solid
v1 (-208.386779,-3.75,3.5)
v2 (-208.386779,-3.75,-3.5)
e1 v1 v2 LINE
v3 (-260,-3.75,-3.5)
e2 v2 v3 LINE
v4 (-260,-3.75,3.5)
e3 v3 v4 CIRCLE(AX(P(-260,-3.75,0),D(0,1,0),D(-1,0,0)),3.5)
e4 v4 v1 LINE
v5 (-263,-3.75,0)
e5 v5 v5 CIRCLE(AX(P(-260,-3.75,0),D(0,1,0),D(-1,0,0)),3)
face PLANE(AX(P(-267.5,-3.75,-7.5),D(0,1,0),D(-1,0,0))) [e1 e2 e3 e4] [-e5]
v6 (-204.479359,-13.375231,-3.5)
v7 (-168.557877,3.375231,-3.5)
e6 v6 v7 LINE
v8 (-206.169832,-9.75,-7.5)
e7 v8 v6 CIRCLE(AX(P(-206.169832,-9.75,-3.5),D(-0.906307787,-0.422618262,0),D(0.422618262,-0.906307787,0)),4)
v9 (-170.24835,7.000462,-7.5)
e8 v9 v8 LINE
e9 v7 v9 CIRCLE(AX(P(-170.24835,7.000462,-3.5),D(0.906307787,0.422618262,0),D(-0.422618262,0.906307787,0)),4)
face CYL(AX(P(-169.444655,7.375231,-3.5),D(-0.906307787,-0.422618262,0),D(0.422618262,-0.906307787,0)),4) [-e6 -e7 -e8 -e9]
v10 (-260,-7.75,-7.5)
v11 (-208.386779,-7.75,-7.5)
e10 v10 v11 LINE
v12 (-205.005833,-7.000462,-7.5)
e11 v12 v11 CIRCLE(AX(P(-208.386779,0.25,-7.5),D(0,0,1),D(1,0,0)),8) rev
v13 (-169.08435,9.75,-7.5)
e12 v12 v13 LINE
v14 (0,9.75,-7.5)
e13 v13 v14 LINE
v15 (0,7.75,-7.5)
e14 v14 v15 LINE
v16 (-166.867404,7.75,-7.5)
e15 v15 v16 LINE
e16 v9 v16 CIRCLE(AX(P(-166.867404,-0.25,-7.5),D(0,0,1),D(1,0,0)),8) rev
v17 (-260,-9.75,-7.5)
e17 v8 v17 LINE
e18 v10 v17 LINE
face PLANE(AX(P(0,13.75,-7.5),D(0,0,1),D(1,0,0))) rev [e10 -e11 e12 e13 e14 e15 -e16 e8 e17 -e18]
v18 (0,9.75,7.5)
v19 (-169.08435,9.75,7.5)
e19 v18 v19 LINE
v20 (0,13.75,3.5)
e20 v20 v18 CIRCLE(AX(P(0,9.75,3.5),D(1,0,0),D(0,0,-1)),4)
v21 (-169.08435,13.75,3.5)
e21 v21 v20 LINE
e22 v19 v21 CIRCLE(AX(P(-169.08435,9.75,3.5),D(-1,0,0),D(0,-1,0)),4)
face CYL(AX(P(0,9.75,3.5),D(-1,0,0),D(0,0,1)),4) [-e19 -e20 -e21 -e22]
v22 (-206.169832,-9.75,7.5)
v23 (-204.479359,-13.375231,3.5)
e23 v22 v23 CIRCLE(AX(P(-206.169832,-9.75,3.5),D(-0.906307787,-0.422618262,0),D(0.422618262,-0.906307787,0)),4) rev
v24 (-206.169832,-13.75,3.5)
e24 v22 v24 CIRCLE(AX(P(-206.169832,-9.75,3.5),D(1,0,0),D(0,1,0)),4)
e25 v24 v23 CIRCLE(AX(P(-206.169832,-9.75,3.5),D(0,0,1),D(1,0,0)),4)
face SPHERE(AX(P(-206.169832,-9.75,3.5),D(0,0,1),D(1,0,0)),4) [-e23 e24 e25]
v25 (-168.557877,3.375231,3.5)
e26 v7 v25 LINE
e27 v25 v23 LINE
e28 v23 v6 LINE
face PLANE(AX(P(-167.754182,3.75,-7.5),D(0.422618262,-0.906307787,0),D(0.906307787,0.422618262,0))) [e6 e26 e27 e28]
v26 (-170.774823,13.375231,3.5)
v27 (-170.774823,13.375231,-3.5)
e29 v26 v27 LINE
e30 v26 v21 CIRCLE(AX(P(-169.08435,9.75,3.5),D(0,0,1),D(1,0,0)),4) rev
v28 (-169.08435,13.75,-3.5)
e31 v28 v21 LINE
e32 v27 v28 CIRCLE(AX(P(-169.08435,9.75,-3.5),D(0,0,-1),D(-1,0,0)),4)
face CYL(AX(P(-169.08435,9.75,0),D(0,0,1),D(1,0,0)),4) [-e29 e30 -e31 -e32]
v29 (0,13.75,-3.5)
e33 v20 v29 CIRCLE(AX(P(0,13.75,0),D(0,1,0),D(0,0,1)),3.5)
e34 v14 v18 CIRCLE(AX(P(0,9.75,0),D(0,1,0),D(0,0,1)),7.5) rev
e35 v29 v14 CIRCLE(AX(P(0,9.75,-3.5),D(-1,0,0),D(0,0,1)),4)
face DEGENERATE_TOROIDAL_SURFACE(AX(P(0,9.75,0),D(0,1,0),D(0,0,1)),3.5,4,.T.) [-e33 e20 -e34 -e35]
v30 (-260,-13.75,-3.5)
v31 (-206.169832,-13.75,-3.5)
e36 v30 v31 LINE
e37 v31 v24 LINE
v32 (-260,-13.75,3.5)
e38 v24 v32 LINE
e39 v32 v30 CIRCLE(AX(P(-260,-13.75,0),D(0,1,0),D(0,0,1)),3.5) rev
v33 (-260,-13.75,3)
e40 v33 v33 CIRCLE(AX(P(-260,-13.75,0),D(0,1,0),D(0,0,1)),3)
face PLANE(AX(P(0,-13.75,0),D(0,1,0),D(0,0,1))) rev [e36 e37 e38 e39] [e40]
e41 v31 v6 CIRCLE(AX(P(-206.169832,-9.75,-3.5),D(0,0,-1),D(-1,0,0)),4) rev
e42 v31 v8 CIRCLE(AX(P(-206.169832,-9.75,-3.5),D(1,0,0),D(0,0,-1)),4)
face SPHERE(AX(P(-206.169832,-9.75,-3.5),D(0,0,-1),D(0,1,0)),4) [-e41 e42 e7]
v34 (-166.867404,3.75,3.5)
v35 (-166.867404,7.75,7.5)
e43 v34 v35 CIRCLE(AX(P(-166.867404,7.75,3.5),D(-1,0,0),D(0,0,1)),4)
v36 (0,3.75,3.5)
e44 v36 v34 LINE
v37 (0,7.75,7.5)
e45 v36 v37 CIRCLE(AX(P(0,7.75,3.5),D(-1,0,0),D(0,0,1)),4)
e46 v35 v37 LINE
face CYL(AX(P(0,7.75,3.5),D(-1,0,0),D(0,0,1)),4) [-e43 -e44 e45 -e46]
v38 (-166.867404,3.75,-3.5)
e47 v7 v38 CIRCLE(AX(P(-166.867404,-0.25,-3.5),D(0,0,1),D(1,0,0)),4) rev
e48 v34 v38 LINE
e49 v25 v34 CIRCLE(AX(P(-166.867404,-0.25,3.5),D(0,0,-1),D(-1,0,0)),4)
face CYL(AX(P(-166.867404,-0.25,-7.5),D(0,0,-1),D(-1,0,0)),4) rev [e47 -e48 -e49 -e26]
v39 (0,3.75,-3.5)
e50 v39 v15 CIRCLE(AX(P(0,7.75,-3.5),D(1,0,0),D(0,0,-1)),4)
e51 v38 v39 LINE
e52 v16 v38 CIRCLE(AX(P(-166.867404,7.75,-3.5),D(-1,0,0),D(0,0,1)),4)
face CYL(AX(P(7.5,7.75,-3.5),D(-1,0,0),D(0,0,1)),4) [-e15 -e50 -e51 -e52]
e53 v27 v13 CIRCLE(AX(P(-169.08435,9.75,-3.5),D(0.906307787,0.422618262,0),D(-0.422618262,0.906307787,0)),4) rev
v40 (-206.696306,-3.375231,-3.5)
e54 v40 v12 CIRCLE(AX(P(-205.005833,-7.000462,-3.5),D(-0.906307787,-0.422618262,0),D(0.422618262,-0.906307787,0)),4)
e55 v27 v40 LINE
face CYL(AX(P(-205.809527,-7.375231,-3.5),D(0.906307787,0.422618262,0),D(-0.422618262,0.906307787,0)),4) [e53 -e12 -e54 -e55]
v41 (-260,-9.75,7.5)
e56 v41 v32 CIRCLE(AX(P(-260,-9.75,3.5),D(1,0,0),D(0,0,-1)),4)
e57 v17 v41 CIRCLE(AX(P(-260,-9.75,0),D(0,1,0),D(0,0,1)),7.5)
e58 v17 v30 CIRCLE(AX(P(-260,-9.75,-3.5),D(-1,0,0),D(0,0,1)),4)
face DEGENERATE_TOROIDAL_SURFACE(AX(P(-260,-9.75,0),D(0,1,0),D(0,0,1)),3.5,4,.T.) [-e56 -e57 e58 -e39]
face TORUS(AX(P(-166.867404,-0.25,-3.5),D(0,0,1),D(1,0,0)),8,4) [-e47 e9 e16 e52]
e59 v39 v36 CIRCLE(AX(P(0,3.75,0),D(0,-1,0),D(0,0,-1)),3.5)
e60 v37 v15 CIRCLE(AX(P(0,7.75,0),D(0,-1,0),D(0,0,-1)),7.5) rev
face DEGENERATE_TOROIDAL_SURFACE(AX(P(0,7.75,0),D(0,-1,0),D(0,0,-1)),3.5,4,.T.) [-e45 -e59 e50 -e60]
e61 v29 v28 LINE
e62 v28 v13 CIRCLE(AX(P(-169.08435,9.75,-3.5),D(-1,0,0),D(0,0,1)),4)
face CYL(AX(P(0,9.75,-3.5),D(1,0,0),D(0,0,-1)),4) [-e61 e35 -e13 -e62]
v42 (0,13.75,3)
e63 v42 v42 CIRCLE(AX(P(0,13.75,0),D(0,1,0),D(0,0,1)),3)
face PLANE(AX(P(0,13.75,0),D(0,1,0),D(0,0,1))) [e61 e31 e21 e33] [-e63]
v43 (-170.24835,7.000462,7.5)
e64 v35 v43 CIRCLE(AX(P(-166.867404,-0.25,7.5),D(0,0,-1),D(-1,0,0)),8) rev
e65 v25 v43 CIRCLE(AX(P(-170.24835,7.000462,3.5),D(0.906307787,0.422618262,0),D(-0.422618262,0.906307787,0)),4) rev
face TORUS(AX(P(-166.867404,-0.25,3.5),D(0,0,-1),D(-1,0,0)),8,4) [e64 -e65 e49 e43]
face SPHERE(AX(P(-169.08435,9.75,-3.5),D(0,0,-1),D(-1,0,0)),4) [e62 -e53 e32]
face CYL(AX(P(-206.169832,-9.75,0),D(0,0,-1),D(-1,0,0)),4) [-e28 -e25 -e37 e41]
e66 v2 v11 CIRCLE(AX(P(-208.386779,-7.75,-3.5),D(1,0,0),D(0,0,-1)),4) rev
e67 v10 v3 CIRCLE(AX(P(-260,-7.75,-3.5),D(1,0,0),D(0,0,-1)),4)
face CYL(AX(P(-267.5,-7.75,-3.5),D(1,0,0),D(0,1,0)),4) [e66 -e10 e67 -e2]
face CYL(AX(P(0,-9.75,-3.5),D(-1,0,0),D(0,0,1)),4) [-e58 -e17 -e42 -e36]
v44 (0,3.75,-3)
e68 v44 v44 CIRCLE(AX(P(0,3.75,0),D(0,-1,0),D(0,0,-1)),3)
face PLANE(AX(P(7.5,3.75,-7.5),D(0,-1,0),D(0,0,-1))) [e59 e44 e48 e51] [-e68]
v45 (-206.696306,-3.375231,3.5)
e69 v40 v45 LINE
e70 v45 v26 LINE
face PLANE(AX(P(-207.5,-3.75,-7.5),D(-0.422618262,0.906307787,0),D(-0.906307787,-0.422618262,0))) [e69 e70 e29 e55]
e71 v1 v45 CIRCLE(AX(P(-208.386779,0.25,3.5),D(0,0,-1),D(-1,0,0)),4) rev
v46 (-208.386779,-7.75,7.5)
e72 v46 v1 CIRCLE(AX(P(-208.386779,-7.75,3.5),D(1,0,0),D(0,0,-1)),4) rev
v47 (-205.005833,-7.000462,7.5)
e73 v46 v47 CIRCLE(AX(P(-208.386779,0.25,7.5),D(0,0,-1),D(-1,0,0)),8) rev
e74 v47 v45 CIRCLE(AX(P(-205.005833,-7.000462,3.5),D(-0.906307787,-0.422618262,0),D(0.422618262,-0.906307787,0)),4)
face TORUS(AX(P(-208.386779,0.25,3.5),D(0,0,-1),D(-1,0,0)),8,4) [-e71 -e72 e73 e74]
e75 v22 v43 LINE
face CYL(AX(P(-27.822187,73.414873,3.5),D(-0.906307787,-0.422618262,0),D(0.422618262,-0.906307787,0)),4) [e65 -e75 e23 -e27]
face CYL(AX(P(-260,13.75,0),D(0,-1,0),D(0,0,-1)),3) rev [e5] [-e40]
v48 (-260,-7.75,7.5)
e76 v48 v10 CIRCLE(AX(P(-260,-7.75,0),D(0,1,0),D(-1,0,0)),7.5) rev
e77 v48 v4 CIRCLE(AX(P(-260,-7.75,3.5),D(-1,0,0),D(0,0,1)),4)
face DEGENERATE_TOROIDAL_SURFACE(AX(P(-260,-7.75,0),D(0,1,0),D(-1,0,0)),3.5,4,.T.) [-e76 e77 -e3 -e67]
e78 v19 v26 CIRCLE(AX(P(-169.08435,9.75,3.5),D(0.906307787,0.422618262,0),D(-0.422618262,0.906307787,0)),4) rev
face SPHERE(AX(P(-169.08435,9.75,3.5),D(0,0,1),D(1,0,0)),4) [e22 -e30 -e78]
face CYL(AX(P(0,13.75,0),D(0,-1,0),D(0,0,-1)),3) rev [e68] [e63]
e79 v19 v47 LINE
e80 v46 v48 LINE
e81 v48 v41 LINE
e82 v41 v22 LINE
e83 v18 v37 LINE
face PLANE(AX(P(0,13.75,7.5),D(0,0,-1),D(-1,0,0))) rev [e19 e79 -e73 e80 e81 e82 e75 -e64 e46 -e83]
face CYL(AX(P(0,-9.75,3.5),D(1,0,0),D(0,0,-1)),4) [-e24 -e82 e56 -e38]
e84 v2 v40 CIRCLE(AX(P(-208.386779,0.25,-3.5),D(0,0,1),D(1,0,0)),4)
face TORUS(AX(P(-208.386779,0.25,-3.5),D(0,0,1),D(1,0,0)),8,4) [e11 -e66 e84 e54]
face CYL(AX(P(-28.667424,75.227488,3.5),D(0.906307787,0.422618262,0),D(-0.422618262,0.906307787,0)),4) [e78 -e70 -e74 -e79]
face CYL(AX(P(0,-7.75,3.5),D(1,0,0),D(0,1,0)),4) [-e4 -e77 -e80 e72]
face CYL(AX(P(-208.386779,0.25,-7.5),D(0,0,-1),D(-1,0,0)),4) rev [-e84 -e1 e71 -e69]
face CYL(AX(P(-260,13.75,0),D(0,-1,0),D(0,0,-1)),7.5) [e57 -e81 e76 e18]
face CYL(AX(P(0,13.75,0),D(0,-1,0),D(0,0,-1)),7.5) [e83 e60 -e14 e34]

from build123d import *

# Parameters (mm, degrees)
CROQUIS1_R                 = 3
SALIENTE_EXTRUIR1_DEPTH    = 13.75
CORTAR_EXTRUIR1_DEPTH      = 268.958135723
CORTAR_EXTRUIR1_DEPTH_BACK = 268.958135723
CROQUIS3_OUTSIDE_W         = 84.856
CROQUIS3_OUTSIDE_H         = 332.356
REDONDEO5_R                = 4


with BuildPart() as part:
    # Croquis1 → Saliente-Extruir1 (new, symmetric)
    with BuildSketch(Plane(origin=(0, 0, 0), x_dir=(-1, 0, 0), z_dir=(0, 1, 0))):
        with BuildLine():
            Line((0, 7.5), (260, 7.5))
            ThreePointArc((260, 7.5), (267.5, 0), (260, -7.5))
            Line((260, -7.5), (0, -7.5))
            ThreePointArc((0, -7.5), (-7.5, 0), (0, 7.5))
        make_face()
        with Locations(Location((0, 0, 0), (0, 0, 90))):
            Circle(CROQUIS1_R, mode=Mode.SUBTRACT)
        with Locations(Location((260, 0, 0), (0, 0, 90))):
            Circle(CROQUIS1_R, mode=Mode.SUBTRACT)
    extrude(amount=SALIENTE_EXTRUIR1_DEPTH, both=True)

    # Croquis3 outside → Cortar-Extruir1 (cut, two sides: drawn at the far end of the back side and taken through both)
    with BuildSketch(Plane(origin=(0, 0, 0), x_dir=(0, 1, 0), z_dir=(0, 0, 1)).offset(-CORTAR_EXTRUIR1_DEPTH_BACK)):
        with Locations((0, 130)):
            Rectangle(CROQUIS3_OUTSIDE_W, CROQUIS3_OUTSIDE_H)
        Polygon((13.75, 169.971128891), (13.75, -7.5), (3.75, -7.5), (3.75, 167.754182265), (-13.75, 205.283053374), (-13.75, 267.5), (-3.75, 267.5), (-3.75, 207.5), align=None, mode=Mode.SUBTRACT)
    extrude(amount=CORTAR_EXTRUIR1_DEPTH + CORTAR_EXTRUIR1_DEPTH_BACK, mode=Mode.SUBTRACT)

    # Redondeo5
    redondeo5_edges = [part.edges().sort_by_distance(p)[0] for p in [
        (-84.985564446, 13.75, 7.5),
        (-232.641526687, -13.75, -7.5),
        (-186.518617819, -5, -7.5),
        (-83.877091132, 3.75, -7.5),
        (-167.754182265, 3.75, 0),
        (-83.877091132, 3.75, 7.5),
        (7.5, 3.75, 0),
        (-207.5, -3.75, 0),
        (-233.75, -3.75, 7.5),
        (-267.5, -3.75, 0),
        (-188.735564446, 5, -7.5),
        (-233.75, -3.75, -7.5),
        (-169.971128891, 13.75, 0),
        (-188.735564446, 5, 7.5),
        (-205.283053374, -13.75, 0),
        (-186.518617819, -5, 7.5),
        (7.5, 13.75, 0),
        (-232.641526687, -13.75, 7.5),
        (-267.5, -13.75, 0),
        (-84.985564446, 13.75, -7.5),
    ]]
    fillet(redondeo5_edges, radius=REDONDEO5_R)


solid = part.part
